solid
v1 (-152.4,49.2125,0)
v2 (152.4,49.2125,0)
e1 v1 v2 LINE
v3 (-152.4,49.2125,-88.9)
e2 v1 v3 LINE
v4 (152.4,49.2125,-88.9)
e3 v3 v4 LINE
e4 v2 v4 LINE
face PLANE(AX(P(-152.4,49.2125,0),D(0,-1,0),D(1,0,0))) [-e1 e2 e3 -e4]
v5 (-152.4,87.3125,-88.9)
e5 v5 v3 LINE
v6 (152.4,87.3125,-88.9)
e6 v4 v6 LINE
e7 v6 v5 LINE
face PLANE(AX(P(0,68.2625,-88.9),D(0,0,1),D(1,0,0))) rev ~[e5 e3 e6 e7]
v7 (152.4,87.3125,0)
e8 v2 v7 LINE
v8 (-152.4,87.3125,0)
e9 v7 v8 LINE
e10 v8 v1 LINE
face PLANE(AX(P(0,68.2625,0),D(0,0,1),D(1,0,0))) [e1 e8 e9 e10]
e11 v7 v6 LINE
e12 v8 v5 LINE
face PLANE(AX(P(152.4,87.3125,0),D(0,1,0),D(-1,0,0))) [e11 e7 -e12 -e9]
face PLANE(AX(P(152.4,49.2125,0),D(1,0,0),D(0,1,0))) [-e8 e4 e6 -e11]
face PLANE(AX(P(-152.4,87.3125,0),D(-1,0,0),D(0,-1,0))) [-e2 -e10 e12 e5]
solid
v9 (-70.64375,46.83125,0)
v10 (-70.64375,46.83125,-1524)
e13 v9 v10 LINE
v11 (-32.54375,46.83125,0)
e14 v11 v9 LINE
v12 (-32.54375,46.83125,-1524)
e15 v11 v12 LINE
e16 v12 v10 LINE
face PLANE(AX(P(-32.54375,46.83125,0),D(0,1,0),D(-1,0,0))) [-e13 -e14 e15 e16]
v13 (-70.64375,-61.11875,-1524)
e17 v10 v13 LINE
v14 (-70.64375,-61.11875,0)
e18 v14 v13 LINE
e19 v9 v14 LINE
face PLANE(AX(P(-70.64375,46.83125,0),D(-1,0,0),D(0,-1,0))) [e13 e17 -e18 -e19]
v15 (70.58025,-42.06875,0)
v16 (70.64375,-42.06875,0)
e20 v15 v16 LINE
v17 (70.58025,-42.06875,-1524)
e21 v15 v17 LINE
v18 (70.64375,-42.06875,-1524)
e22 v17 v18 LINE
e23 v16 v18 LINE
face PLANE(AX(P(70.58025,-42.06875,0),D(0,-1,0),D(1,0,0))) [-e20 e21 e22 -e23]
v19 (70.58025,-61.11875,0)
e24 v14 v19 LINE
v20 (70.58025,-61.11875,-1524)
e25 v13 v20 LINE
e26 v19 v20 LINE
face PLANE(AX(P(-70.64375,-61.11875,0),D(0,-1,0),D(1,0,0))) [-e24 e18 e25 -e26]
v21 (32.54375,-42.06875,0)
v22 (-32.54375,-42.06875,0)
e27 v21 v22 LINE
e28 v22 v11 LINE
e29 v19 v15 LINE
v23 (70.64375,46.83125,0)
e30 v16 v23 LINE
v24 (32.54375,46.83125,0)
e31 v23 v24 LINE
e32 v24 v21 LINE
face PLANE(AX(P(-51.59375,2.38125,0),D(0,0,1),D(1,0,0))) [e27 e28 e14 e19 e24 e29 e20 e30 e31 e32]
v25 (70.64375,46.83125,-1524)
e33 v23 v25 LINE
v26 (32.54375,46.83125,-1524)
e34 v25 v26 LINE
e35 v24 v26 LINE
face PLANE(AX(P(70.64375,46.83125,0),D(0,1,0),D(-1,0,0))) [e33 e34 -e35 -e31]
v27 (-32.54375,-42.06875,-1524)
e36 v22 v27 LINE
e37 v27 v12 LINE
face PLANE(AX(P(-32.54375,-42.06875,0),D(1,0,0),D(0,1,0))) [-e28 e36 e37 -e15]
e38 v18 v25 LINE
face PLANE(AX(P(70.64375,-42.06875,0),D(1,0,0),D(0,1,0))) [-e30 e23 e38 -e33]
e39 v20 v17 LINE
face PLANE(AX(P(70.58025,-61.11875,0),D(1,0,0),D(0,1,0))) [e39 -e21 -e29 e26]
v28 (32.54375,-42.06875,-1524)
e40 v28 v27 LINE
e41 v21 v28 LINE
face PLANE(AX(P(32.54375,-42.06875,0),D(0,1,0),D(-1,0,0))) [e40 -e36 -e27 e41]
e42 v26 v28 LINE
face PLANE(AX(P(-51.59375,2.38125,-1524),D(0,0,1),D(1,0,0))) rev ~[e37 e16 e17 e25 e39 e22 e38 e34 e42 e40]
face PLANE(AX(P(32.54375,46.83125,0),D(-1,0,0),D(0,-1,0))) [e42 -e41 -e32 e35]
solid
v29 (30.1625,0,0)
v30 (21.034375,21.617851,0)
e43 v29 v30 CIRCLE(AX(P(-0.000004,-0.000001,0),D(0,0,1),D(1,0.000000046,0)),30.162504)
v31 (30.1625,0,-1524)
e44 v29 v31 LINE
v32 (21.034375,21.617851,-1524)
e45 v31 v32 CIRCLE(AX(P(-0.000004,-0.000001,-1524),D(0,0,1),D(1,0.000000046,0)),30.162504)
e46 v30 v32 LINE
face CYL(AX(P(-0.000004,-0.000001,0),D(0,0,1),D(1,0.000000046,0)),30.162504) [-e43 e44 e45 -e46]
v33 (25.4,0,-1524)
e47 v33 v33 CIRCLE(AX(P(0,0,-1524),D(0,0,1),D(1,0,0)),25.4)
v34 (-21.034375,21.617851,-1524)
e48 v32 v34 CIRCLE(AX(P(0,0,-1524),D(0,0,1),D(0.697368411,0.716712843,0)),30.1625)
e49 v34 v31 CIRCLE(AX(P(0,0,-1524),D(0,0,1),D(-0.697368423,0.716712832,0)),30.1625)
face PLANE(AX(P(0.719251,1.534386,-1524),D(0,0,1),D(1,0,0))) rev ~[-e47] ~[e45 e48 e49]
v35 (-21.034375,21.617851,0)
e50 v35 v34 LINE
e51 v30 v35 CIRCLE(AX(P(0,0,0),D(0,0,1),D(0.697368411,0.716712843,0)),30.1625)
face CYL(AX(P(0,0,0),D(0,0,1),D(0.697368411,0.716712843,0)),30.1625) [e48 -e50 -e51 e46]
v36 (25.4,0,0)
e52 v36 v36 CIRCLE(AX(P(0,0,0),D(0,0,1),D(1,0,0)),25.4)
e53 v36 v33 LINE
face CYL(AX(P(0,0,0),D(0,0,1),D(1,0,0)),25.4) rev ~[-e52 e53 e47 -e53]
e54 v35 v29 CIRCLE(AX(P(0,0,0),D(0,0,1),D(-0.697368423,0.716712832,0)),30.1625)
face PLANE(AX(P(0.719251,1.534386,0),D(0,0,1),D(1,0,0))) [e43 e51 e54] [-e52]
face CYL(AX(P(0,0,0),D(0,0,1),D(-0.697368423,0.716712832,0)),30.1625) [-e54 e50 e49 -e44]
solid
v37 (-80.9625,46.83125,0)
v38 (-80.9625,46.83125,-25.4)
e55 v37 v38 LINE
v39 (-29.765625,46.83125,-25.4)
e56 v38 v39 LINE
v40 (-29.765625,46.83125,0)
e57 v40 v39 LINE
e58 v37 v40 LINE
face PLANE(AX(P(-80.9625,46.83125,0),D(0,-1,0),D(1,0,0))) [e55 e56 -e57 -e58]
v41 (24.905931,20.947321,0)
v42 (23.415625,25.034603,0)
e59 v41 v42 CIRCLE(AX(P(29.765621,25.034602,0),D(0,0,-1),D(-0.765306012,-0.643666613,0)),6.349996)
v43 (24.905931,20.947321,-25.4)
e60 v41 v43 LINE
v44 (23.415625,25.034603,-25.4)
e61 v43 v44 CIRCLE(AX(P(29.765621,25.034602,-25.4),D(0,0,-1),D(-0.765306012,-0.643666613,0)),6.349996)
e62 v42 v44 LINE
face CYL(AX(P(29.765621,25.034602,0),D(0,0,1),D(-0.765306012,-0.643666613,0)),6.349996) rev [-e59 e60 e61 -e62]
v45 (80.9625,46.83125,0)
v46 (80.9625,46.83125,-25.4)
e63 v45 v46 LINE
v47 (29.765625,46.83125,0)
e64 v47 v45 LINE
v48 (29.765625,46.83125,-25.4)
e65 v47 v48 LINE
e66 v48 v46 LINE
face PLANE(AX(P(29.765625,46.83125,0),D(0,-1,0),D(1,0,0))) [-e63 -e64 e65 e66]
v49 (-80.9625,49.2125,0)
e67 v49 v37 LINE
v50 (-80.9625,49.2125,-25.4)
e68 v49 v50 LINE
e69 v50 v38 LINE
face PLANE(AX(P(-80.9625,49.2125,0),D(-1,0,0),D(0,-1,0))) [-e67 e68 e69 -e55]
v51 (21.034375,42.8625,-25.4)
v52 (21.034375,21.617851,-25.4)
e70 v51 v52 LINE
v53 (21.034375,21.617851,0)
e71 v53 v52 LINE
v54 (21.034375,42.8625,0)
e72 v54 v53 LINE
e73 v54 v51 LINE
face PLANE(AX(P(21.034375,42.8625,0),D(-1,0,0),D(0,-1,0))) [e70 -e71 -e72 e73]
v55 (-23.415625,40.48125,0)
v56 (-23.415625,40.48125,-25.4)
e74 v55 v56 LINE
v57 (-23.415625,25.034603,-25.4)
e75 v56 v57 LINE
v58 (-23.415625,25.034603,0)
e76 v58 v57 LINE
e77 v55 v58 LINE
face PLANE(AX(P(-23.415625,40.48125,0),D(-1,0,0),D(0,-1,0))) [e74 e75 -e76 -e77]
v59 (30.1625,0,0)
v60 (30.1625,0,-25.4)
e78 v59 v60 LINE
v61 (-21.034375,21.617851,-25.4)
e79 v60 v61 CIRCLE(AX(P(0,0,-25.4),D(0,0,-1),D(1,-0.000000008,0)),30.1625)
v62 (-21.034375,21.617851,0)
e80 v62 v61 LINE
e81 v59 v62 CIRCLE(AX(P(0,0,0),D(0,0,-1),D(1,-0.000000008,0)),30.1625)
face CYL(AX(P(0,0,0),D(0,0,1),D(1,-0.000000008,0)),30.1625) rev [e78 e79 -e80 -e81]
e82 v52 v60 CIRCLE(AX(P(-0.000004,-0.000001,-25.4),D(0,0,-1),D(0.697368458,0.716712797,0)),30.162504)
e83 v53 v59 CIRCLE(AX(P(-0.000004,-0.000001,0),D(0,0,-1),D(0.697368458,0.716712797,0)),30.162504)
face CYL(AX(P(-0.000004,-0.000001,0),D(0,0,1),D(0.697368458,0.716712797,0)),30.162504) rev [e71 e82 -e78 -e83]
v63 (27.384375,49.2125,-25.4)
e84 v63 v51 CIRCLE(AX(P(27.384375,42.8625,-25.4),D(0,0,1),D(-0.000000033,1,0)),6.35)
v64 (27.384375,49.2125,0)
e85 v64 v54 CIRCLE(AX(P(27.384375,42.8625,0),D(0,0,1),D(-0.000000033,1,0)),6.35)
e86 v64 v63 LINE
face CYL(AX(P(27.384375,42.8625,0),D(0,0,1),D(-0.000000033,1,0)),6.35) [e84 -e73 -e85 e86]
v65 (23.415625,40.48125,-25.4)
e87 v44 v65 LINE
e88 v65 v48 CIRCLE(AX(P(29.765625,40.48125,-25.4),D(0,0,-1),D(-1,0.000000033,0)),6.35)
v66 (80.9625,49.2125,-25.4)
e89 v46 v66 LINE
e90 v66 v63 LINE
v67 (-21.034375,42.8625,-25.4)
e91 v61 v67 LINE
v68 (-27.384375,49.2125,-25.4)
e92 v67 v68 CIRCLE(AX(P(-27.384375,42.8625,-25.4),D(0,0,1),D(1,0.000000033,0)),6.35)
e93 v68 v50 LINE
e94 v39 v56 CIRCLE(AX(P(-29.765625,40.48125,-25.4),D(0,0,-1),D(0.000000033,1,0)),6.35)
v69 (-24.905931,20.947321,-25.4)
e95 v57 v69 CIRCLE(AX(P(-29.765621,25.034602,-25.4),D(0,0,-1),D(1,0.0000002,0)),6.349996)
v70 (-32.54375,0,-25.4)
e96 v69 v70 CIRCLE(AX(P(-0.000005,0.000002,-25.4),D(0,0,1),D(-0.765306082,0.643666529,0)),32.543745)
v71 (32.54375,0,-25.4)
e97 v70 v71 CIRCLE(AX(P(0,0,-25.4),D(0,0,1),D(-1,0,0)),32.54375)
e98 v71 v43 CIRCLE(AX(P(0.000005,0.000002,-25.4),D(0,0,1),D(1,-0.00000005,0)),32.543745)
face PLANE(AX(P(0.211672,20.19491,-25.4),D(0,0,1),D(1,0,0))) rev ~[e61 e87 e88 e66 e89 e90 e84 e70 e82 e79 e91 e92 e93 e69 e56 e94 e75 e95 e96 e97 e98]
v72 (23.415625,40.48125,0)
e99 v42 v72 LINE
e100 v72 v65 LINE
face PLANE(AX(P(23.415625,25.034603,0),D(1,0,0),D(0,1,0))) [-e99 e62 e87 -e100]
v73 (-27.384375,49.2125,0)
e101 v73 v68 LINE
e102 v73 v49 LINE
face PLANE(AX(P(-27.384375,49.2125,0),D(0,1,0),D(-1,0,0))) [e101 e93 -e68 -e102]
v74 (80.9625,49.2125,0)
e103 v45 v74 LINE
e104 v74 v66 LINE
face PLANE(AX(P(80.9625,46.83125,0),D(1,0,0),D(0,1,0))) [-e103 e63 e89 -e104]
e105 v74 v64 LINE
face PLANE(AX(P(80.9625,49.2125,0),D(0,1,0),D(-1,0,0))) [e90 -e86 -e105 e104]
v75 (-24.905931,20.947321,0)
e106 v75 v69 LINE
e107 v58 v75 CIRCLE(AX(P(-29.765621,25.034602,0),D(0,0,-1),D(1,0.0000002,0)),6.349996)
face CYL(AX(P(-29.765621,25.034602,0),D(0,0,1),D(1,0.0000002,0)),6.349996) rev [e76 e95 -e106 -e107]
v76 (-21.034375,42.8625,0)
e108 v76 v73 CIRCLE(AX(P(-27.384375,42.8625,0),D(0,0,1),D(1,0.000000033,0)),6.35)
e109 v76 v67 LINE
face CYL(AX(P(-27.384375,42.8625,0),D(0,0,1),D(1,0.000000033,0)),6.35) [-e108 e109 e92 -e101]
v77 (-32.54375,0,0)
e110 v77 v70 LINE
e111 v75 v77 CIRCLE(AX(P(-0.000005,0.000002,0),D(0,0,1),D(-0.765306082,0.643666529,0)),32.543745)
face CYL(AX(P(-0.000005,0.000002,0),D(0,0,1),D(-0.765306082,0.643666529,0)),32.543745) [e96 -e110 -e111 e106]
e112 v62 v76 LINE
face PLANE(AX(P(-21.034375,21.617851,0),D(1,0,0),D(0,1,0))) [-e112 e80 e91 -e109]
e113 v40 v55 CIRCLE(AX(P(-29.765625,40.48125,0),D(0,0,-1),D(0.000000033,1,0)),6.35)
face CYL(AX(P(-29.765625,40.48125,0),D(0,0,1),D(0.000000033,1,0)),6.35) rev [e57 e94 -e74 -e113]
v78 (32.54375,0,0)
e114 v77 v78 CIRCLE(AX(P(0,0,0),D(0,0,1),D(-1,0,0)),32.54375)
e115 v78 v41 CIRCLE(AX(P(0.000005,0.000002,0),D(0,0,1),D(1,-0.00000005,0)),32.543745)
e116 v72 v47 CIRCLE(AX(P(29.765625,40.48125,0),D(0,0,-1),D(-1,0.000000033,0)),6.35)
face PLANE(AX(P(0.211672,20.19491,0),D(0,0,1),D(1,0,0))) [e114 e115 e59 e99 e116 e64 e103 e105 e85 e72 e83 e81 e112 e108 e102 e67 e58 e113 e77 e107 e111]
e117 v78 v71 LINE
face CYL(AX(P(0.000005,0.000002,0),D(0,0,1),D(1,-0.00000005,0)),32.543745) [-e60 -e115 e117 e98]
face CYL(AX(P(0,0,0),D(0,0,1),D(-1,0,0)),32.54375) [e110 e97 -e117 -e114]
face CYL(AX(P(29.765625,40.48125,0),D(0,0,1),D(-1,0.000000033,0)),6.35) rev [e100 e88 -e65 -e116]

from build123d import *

# Parameters (mm, degrees)
F0_R     = 25.4
F1_DEPTH = 1524
F2_DEPTH = 25.4
F3_DEPTH = 88.9


with BuildPart() as f1:
    # F0 (on Top) → F1 (new body)
    with BuildSketch(Plane.XY):
        Polygon((-32.54375, 46.83125), (-70.64375, 46.83125), (-70.64375, -42.06875), (-32.54375, -42.06875), (-32.54375, 0), align=None)
        Polygon((70.64375, -42.06875), (70.64375, 46.83125), (32.54375, 46.83125), (32.54375, 0), (32.54375, -42.06875), (70.58025, -42.06875), align=None)
        Polygon((-32.54375, -42.06875), (-70.64375, -42.06875), (-70.64375, -61.11875), (70.58025, -61.11875), (70.58025, -42.06875), (32.54375, -42.06875), align=None)
        with BuildLine():
            ThreePointArc((-21.034375, 21.617851), (-11.73301, -27.786919), (30.1625, 0))
            ThreePointArc((30.1625, 0), (27.786919, 11.73301), (21.034375, 21.617851))
            ThreePointArc((21.034375, 21.617851), (0, 30.1625), (-21.034375, 21.617851))
        make_face()
        Circle(F0_R, mode=Mode.SUBTRACT)
    extrude(amount=-F1_DEPTH)


with BuildPart() as f2:
    # F0 (on Top) → F2 (new body)
    with BuildSketch(Plane.XY):
        with BuildLine():
            ThreePointArc((21.034375, 21.617851), (27.786919, 11.73301), (30.1625, 0))
            ThreePointArc((30.1625, 0), (-11.73301, -27.786919), (-21.034375, 21.617851))
            Line((-21.034375, 21.617851), (-21.034375, 42.8625))
            ThreePointArc((-21.034375, 42.8625), (-22.894247, 47.352628), (-27.384375, 49.2125))
            Line((-27.384375, 49.2125), (-80.9625, 49.2125))
            Line((-80.9625, 49.2125), (-80.9625, 46.83125))
            Line((-80.9625, 46.83125), (-70.64375, 46.83125))
            Line((-70.64375, 46.83125), (-32.54375, 46.83125))
            Line((-32.54375, 46.83125), (-29.765625, 46.83125))
            ThreePointArc((-29.765625, 46.83125), (-25.275497, 44.971378), (-23.415625, 40.48125))
            Line((-23.415625, 40.48125), (-23.415625, 25.034603))
            ThreePointArc((-23.415625, 25.034603), (-23.799824, 22.859351), (-24.905931, 20.947321))
            ThreePointArc((-24.905931, 20.947321), (-30.574729, 11.148167), (-32.54375, 0))
            ThreePointArc((-32.54375, 0), (0, -32.54375), (32.54375, 0))
            ThreePointArc((32.54375, 0), (30.574729, 11.148167), (24.905931, 20.947321))
            ThreePointArc((24.905931, 20.947321), (23.799824, 22.859351), (23.415625, 25.034603))
            Line((23.415625, 25.034603), (23.415625, 40.48125))
            ThreePointArc((23.415625, 40.48125), (25.275497, 44.971378), (29.765625, 46.83125))
            Line((29.765625, 46.83125), (32.54375, 46.83125))
            Line((32.54375, 46.83125), (70.64375, 46.83125))
            Line((70.64375, 46.83125), (80.9625, 46.83125))
            Line((80.9625, 46.83125), (80.9625, 49.2125))
            Line((80.9625, 49.2125), (27.384375, 49.2125))
            ThreePointArc((27.384375, 49.2125), (22.894247, 47.352628), (21.034375, 42.8625))
            Line((21.034375, 42.8625), (21.034375, 21.617851))
        make_face()
    extrude(amount=-F2_DEPTH)


with BuildPart() as f3:
    # F0 (on Top) → F3 (new body)
    with BuildSketch(Plane.XY):
        Polygon((-27.384375, 49.2125), (27.384375, 49.2125), (80.9625, 49.2125), (152.4, 49.2125), (152.4, 87.3125), (-152.4, 87.3125), (-152.4, 49.2125), (-80.9625, 49.2125), align=None)
    extrude(amount=-F3_DEPTH)


solid = Compound([f1.part, f2.part, f3.part])
